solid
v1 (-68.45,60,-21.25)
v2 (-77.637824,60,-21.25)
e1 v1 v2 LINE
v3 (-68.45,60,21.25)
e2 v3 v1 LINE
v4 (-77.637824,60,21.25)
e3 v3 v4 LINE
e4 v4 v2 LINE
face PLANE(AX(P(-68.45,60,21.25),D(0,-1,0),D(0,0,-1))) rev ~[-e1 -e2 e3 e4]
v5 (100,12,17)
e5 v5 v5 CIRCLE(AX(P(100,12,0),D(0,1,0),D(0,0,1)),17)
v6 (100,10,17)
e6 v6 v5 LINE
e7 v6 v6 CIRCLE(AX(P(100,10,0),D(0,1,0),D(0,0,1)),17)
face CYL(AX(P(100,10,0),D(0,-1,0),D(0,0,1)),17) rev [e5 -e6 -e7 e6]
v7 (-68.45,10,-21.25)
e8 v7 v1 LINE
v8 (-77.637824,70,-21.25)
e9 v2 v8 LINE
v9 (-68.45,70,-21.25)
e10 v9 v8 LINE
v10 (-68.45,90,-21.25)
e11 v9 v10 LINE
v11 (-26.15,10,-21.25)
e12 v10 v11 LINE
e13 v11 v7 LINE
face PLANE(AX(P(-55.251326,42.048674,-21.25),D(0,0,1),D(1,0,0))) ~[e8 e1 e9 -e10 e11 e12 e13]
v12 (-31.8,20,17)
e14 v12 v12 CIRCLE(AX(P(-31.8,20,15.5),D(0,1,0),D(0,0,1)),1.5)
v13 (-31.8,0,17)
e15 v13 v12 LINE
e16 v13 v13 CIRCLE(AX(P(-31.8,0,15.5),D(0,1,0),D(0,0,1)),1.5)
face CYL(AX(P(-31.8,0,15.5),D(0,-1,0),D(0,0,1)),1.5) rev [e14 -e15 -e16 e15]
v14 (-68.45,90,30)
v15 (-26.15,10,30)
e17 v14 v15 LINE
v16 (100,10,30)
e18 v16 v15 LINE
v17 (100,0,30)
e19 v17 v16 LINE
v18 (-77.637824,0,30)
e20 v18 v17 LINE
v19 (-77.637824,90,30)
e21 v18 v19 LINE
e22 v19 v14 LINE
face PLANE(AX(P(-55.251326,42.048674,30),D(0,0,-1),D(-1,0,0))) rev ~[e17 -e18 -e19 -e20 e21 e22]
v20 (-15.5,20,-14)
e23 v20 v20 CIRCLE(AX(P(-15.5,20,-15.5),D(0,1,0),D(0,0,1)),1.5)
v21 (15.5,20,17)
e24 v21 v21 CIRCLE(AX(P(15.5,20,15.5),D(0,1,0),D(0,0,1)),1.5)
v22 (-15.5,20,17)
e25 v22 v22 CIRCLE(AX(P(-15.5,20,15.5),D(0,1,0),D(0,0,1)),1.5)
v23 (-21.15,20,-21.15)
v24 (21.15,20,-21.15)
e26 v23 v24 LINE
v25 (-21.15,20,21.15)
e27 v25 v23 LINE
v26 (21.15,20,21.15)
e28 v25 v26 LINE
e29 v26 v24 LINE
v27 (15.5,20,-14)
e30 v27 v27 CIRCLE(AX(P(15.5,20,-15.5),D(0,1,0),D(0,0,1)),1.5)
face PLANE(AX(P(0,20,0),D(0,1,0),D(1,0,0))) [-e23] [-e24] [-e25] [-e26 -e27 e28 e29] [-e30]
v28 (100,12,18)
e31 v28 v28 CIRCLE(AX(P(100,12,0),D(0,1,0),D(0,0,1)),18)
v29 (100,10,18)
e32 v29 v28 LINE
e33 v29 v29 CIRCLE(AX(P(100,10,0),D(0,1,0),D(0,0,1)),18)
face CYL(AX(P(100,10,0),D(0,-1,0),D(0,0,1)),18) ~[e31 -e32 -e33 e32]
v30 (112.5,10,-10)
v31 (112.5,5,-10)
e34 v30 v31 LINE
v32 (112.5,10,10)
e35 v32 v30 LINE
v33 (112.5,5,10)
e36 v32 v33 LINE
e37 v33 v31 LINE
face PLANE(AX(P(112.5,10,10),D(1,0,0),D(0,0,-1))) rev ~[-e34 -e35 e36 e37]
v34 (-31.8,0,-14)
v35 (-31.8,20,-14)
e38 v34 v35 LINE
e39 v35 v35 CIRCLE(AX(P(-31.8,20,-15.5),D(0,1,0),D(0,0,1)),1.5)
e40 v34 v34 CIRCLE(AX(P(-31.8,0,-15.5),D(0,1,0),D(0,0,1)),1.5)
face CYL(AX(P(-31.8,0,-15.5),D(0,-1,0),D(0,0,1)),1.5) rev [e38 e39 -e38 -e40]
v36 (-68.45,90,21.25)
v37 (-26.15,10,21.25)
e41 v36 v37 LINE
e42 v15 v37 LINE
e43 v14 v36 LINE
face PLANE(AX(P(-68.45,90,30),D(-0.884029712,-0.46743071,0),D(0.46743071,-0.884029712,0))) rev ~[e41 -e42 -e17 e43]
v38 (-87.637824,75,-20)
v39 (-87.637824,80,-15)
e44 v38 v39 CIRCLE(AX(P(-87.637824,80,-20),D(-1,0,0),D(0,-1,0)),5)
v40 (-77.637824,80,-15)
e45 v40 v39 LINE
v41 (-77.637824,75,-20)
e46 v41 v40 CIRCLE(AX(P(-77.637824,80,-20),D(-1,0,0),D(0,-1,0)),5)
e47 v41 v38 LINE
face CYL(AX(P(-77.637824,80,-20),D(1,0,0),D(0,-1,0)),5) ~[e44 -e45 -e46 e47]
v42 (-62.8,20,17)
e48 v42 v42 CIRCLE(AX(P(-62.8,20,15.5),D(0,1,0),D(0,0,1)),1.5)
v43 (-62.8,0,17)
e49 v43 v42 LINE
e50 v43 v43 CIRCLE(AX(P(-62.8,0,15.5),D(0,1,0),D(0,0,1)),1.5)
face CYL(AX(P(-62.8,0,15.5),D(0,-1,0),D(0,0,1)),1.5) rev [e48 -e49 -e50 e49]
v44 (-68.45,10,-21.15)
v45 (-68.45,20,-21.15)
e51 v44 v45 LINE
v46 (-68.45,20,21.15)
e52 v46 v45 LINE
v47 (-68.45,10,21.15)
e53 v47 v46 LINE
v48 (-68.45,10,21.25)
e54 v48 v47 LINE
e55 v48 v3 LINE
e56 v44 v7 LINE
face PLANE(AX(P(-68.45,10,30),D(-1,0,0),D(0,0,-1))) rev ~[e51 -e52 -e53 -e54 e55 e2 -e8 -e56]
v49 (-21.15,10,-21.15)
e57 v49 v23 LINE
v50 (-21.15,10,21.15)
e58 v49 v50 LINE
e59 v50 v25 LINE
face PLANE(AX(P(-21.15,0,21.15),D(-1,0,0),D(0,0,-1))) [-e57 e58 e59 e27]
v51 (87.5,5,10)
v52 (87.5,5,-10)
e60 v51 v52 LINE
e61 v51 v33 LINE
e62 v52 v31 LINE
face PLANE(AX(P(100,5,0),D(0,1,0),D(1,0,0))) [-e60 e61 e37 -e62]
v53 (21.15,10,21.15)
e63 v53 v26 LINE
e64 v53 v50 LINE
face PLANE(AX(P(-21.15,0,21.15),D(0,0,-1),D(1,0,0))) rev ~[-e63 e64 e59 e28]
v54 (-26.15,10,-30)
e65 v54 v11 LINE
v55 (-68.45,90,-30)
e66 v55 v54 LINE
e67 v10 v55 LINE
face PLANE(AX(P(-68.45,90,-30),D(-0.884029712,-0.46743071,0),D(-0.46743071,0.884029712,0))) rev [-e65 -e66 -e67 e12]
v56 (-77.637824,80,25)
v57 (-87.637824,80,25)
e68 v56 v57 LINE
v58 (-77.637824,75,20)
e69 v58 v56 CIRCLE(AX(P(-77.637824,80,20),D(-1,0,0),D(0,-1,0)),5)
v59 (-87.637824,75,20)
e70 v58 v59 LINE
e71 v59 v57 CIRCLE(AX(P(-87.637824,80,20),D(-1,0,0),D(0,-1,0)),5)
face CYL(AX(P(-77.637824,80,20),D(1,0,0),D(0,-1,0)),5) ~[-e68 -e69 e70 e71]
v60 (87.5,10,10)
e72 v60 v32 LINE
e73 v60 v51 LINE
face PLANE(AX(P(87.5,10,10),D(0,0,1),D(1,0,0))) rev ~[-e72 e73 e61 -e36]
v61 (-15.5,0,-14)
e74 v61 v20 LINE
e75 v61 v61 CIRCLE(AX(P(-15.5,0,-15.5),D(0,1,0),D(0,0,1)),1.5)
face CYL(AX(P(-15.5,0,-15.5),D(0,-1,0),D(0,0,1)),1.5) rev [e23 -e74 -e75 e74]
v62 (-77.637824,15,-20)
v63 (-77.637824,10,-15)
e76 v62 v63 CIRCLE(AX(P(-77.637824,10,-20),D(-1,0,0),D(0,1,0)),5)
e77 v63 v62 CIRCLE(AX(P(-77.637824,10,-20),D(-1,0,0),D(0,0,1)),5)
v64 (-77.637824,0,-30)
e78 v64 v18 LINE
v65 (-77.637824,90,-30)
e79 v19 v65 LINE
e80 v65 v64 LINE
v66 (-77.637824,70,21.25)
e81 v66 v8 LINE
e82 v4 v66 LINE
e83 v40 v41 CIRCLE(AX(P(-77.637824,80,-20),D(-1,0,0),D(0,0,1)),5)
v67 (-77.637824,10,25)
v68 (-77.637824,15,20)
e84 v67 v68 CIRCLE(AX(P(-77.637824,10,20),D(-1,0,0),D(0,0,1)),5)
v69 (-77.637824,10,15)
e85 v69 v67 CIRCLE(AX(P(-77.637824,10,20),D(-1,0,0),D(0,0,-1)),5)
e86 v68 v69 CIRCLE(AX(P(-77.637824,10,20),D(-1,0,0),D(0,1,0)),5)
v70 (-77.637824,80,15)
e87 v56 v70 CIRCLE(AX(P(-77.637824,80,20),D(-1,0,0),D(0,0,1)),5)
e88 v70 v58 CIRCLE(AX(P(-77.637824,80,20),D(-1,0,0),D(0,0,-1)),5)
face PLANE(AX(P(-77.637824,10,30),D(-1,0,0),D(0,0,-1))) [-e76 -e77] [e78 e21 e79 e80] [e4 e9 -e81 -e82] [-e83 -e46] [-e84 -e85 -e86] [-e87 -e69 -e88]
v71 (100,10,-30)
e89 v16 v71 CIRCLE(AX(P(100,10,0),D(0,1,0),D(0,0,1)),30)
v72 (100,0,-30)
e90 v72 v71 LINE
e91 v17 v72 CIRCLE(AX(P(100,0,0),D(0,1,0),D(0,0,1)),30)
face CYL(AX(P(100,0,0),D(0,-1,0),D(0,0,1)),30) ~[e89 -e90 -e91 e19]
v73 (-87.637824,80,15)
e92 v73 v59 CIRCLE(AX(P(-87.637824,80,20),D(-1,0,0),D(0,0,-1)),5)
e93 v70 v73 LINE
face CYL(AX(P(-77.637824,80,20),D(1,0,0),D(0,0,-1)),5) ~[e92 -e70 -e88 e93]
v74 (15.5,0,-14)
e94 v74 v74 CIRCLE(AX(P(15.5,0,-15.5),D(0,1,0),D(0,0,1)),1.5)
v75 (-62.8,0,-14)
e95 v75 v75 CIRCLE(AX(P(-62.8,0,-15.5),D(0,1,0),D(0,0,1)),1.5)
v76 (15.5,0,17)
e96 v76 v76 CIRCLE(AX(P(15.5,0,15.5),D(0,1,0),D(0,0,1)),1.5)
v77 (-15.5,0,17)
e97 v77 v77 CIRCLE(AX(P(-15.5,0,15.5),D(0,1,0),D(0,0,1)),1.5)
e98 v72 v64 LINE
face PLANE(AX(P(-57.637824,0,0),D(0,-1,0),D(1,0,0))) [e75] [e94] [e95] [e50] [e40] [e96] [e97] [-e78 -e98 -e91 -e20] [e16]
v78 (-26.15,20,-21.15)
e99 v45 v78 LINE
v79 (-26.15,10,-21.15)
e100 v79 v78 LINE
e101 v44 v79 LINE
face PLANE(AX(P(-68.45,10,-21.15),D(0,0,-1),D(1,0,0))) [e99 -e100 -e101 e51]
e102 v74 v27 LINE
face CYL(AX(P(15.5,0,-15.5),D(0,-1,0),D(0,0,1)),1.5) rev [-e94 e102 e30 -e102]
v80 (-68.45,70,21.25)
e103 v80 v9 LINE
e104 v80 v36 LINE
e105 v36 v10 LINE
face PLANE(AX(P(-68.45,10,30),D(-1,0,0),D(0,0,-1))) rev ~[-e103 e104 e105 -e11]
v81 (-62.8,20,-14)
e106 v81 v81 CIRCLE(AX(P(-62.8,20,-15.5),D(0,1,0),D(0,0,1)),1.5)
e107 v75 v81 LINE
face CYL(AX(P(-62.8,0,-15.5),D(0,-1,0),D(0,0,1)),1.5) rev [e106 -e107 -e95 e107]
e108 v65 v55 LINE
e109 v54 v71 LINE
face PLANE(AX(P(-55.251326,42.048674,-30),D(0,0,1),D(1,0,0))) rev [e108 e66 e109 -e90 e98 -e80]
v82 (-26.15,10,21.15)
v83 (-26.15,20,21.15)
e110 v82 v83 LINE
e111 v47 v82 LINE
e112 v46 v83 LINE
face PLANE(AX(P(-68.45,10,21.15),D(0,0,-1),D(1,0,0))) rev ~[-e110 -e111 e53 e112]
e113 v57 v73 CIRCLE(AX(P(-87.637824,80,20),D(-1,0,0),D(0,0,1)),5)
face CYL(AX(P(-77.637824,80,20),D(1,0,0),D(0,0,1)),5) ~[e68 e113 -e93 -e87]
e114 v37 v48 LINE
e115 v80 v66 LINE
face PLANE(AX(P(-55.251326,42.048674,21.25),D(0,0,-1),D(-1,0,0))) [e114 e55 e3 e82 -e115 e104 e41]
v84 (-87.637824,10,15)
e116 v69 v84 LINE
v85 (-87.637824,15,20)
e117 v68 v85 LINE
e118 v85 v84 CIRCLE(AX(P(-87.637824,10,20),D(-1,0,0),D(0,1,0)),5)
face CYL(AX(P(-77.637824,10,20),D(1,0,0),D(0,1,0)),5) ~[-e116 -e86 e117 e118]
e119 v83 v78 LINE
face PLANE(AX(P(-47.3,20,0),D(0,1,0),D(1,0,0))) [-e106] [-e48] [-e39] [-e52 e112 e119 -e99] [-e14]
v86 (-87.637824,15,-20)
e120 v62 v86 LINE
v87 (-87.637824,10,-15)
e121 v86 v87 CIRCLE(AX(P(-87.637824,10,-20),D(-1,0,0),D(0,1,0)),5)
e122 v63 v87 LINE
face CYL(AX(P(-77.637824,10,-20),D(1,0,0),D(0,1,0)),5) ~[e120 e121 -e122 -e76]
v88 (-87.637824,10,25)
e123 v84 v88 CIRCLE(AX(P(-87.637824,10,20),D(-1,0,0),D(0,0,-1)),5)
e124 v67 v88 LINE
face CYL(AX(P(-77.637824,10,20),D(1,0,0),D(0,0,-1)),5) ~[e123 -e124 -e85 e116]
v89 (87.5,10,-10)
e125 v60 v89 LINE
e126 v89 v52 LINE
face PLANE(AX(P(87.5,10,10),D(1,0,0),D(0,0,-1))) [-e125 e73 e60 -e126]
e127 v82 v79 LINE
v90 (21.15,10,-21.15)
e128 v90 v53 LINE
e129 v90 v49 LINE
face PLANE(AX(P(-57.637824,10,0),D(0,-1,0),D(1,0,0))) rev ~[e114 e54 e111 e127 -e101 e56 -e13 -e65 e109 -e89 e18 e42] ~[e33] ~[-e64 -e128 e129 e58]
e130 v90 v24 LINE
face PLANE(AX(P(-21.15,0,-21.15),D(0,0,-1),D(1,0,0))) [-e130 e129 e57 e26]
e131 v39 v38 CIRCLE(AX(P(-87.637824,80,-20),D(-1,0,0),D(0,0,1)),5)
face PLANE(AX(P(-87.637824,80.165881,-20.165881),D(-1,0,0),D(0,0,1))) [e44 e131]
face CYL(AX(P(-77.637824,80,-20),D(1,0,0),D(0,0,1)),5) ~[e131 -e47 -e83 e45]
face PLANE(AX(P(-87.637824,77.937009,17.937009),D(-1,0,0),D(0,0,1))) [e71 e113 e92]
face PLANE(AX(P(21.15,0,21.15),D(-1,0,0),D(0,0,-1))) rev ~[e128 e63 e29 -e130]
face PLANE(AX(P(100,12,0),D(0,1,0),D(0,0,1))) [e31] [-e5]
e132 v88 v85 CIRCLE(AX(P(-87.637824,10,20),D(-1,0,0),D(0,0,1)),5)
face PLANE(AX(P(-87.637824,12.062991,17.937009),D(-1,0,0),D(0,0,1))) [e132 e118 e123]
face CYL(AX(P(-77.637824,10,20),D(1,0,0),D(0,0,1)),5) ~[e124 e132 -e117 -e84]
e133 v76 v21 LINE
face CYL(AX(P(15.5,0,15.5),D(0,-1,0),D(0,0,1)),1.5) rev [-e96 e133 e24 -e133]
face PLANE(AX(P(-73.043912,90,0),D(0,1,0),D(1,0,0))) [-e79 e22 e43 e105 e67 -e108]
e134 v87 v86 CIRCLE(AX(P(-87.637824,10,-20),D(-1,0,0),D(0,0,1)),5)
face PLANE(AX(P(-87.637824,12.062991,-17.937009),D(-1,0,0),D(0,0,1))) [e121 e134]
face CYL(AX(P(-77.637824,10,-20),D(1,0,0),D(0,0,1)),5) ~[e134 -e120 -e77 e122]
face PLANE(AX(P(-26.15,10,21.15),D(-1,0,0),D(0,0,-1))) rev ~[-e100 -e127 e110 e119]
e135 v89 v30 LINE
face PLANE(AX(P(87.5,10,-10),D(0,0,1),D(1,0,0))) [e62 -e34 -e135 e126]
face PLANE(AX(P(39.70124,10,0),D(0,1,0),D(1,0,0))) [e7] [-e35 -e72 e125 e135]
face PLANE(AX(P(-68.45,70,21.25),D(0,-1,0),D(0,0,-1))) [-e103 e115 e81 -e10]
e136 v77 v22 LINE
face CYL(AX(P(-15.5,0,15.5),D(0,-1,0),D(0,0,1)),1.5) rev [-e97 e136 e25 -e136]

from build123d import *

# Parameters (mm, degrees)
SKETCH2_R           = 1.5
BOSS_EXTRUDE1_DEPTH = 10
SKETCH3_W           = 25
SKETCH3_H           = 20
CUT_EXTRUDE1_DEPTH  = 5
SKETCH5_R           = 18
SKETCH5_R_2         = 17
BOSS_EXTRUDE2_DEPTH = 2
SKETCH2_3_W         = 42.3
SKETCH2_3_H         = 42.3
SKETCH2_3_R         = 1.5
BOSS_EXTRUDE3_DEPTH = 20
SKETCH8_W           = 40
SKETCH8_H           = 60
BOSS_EXTRUDE4_DEPTH = 10
SKETCH9_W           = 42.3
SKETCH9_H           = 42.3
SKETCH9_R           = 1.5
BOSS_EXTRUDE5_DEPTH = 10
CUT_EXTRUDE3_START  = -10
SKETCH9_3_R         = 1.5
CUT_EXTRUDE3_DEPTH  = 10
SKETCH10_W          = 9.18782392
SKETCH10_H          = 60
BOSS_EXTRUDE6_DEPTH = 80
BOSS_EXTRUDE7_DEPTH = 8.75
BOSS_EXTRUDE9_DEPTH = 10
SKETCH16_W          = 42.5
SKETCH16_H          = 10
CUT_EXTRUDE5_DEPTH  = 9.18782392


with BuildPart() as part:
    # Sketch2 → Boss-Extrude1 (new body)
    with BuildSketch(Plane(origin=(0, 0, 0), x_dir=(1, 0, 0), z_dir=(0, 1, 0))):
        with BuildLine():
            Line((-37.63782392, -30), (100, -30))
            ThreePointArc((100, -30), (130, 0), (100, 30))
            Line((100, 30), (-37.63782392, 30))
            Line((-37.63782392, 30), (-37.63782392, -30))
        make_face()
        with Locations(Location((-15.5, 15.5, 0), (0, 0, 270))):
            Circle(SKETCH2_R, mode=Mode.SUBTRACT)
        with Locations(Location((15.5, -15.5, 0), (0, 0, 270))):
            Circle(SKETCH2_R, mode=Mode.SUBTRACT)
        with Locations(Location((-15.5, -15.5, 0), (0, 0, 270))):
            Circle(SKETCH2_R, mode=Mode.SUBTRACT)
        with Locations(Location((15.5, 15.5, 0), (0, 0, 270))):
            Circle(SKETCH2_R, mode=Mode.SUBTRACT)
    extrude(amount=BOSS_EXTRUDE1_DEPTH)

    # Sketch3 → Cut-Extrude1 (cut)
    with BuildSketch(Plane(origin=(0, 10, 0), x_dir=(1, 0, 0), z_dir=(0, 1, 0))):
        with Locations((100, 0)):
            Rectangle(SKETCH3_W, SKETCH3_H)
    extrude(amount=-CUT_EXTRUDE1_DEPTH, mode=Mode.SUBTRACT)

    # Sketch5 → Boss-Extrude2 (add)
    with BuildSketch(Plane(origin=(0, 10, 0), x_dir=(1, 0, 0), z_dir=(0, 1, 0))):
        with Locations(Location((100, 0, 0), (0, 0, 270))):
            Circle(SKETCH5_R)
        with Locations(Location((100, 0, 0), (0, 0, 270))):
            Circle(SKETCH5_R_2, mode=Mode.SUBTRACT)
    extrude(amount=BOSS_EXTRUDE2_DEPTH)

    # Sketch2<3> → Boss-Extrude3 (add)
    with BuildSketch(Plane(origin=(0, 0, 0), x_dir=(1, 0, 0), z_dir=(0, 1, 0))):
        Rectangle(SKETCH2_3_W, SKETCH2_3_H)
        with Locations(Location((-15.5, -15.5, 0), (0, 0, 270))):
            Circle(SKETCH2_3_R, mode=Mode.SUBTRACT)
        with Locations(Location((15.5, -15.5, 0), (0, 0, 270))):
            Circle(SKETCH2_3_R, mode=Mode.SUBTRACT)
        with Locations(Location((15.5, 15.5, 0), (0, 0, 270))):
            Circle(SKETCH2_3_R, mode=Mode.SUBTRACT)
        with Locations(Location((-15.5, 15.5, 0), (0, 0, 270))):
            Circle(SKETCH2_3_R, mode=Mode.SUBTRACT)
    extrude(amount=BOSS_EXTRUDE3_DEPTH)

    # Sketch8 → Boss-Extrude4 (add)
    with BuildSketch(Plane.XZ):
        with Locations((-57.63782392, 0)):
            Rectangle(SKETCH8_W, SKETCH8_H)
    extrude(amount=-BOSS_EXTRUDE4_DEPTH)

    # Sketch9 → Boss-Extrude5 (add)
    with BuildSketch(Plane(origin=(0, 10, 0), x_dir=(1, 0, 0), z_dir=(0, 1, 0))):
        with Locations((-47.3, 0)):
            Rectangle(SKETCH9_W, SKETCH9_H)
        with Locations(Location((-31.8, 15.5, 0), (0, 0, 270))):
            Circle(SKETCH9_R, mode=Mode.SUBTRACT)
        with Locations(Location((-31.8, -15.5, 0), (0, 0, 270))):
            Circle(SKETCH9_R, mode=Mode.SUBTRACT)
        with Locations(Location((-62.8, -15.5, 0), (0, 0, 270))):
            Circle(SKETCH9_R, mode=Mode.SUBTRACT)
        with Locations(Location((-62.8, 15.5, 0), (0, 0, 270))):
            Circle(SKETCH9_R, mode=Mode.SUBTRACT)
    extrude(amount=BOSS_EXTRUDE5_DEPTH)

    # Sketch9<3> → Cut-Extrude3 (cut)
    with BuildSketch(Plane(origin=(0, 10, 0), x_dir=(1, 0, 0), z_dir=(0, 1, 0)).offset(CUT_EXTRUDE3_START)):
        with Locations(Location((-62.8, -15.5, 0), (0, 0, 270))):
            Circle(SKETCH9_3_R)
        with Locations(Location((-31.8, -15.5, 0), (0, 0, 270))):
            Circle(SKETCH9_3_R)
        with Locations(Location((-31.8, 15.5, 0), (0, 0, 270))):
            Circle(SKETCH9_3_R)
        with Locations(Location((-62.8, 15.5, 0), (0, 0, 270))):
            Circle(SKETCH9_3_R)
    extrude(amount=CUT_EXTRUDE3_DEPTH, mode=Mode.SUBTRACT)

    # Sketch10 → Boss-Extrude6 (add)
    with BuildSketch(Plane(origin=(0, 10, 0), x_dir=(1, 0, 0), z_dir=(0, 1, 0))):
        with Locations((-73.04391196, 0)):
            Rectangle(SKETCH10_W, SKETCH10_H)
    extrude(amount=BOSS_EXTRUDE6_DEPTH)

    # Sketch13 → Boss-Extrude7 (add)
    with BuildSketch(Plane.XY.offset(30)):
        Polygon((-68.45, 90), (-26.15, 10), (-68.45, 10), align=None)
    boss_extrude7 = extrude(amount=-BOSS_EXTRUDE7_DEPTH)

    # Mirror2: Boss-Extrude7 across plane
    add(boss_extrude7.mirror(Plane.XY))

    # Sketch11 → Boss-Extrude9 (add)
    with BuildSketch(Plane.ZY.offset(77.63782392)):
        with BuildLine():
            ThreePointArc((-15, 80), (-23.535533906, 83.535533906), (-20, 75))
            Line((-20, 75), (-20, 80))
            Line((-20, 80), (-15, 80))
        make_face()
        with BuildLine():
            Line((-20, 80), (-20, 75))
            ThreePointArc((-20, 75), (-16.464466094, 76.464466094), (-15, 80))
            Line((-15, 80), (-20, 80))
        make_face()
        with BuildLine():
            ThreePointArc((15, 80), (16.464466094, 76.464466094), (20, 75))
            Line((20, 75), (20, 80))
            Line((20, 80), (15, 80))
        make_face()
        with BuildLine():
            Line((20, 80), (20, 75))
            ThreePointArc((20, 75), (23.535533906, 76.464466094), (25, 80))
            ThreePointArc((25, 80), (20, 85), (15, 80))
            Line((15, 80), (20, 80))
        make_face()
        with BuildLine():
            ThreePointArc((20, 15), (16.464466094, 13.535533906), (15, 10))
            Line((15, 10), (20, 10))
            Line((20, 10), (20, 15))
        make_face()
        with BuildLine():
            Line((20, 10), (15, 10))
            ThreePointArc((15, 10), (20, 5), (25, 10))
            ThreePointArc((25, 10), (23.535533906, 13.535533906), (20, 15))
            Line((20, 15), (20, 10))
        make_face()
        with BuildLine():
            Line((-20, 15), (-20, 10))
            Line((-20, 10), (-15, 10))
            ThreePointArc((-15, 10), (-16.464466094, 13.535533906), (-20, 15))
        make_face()
        with BuildLine():
            Line((-15, 10), (-20, 10))
            Line((-20, 10), (-20, 15))
            ThreePointArc((-20, 15), (-23.535533906, 6.464466094), (-15, 10))
        make_face()
    extrude(amount=BOSS_EXTRUDE9_DEPTH)

    # Sketch16 → Cut-Extrude5 (cut)
    with BuildSketch(Plane(origin=(-68.45, 0, 0), x_dir=(0, 0, -1), z_dir=(1, 0, 0))):
        with Locations((0, 65)):
            Rectangle(SKETCH16_W, SKETCH16_H)
    extrude(amount=-CUT_EXTRUDE5_DEPTH, mode=Mode.SUBTRACT)


solid = part.part
